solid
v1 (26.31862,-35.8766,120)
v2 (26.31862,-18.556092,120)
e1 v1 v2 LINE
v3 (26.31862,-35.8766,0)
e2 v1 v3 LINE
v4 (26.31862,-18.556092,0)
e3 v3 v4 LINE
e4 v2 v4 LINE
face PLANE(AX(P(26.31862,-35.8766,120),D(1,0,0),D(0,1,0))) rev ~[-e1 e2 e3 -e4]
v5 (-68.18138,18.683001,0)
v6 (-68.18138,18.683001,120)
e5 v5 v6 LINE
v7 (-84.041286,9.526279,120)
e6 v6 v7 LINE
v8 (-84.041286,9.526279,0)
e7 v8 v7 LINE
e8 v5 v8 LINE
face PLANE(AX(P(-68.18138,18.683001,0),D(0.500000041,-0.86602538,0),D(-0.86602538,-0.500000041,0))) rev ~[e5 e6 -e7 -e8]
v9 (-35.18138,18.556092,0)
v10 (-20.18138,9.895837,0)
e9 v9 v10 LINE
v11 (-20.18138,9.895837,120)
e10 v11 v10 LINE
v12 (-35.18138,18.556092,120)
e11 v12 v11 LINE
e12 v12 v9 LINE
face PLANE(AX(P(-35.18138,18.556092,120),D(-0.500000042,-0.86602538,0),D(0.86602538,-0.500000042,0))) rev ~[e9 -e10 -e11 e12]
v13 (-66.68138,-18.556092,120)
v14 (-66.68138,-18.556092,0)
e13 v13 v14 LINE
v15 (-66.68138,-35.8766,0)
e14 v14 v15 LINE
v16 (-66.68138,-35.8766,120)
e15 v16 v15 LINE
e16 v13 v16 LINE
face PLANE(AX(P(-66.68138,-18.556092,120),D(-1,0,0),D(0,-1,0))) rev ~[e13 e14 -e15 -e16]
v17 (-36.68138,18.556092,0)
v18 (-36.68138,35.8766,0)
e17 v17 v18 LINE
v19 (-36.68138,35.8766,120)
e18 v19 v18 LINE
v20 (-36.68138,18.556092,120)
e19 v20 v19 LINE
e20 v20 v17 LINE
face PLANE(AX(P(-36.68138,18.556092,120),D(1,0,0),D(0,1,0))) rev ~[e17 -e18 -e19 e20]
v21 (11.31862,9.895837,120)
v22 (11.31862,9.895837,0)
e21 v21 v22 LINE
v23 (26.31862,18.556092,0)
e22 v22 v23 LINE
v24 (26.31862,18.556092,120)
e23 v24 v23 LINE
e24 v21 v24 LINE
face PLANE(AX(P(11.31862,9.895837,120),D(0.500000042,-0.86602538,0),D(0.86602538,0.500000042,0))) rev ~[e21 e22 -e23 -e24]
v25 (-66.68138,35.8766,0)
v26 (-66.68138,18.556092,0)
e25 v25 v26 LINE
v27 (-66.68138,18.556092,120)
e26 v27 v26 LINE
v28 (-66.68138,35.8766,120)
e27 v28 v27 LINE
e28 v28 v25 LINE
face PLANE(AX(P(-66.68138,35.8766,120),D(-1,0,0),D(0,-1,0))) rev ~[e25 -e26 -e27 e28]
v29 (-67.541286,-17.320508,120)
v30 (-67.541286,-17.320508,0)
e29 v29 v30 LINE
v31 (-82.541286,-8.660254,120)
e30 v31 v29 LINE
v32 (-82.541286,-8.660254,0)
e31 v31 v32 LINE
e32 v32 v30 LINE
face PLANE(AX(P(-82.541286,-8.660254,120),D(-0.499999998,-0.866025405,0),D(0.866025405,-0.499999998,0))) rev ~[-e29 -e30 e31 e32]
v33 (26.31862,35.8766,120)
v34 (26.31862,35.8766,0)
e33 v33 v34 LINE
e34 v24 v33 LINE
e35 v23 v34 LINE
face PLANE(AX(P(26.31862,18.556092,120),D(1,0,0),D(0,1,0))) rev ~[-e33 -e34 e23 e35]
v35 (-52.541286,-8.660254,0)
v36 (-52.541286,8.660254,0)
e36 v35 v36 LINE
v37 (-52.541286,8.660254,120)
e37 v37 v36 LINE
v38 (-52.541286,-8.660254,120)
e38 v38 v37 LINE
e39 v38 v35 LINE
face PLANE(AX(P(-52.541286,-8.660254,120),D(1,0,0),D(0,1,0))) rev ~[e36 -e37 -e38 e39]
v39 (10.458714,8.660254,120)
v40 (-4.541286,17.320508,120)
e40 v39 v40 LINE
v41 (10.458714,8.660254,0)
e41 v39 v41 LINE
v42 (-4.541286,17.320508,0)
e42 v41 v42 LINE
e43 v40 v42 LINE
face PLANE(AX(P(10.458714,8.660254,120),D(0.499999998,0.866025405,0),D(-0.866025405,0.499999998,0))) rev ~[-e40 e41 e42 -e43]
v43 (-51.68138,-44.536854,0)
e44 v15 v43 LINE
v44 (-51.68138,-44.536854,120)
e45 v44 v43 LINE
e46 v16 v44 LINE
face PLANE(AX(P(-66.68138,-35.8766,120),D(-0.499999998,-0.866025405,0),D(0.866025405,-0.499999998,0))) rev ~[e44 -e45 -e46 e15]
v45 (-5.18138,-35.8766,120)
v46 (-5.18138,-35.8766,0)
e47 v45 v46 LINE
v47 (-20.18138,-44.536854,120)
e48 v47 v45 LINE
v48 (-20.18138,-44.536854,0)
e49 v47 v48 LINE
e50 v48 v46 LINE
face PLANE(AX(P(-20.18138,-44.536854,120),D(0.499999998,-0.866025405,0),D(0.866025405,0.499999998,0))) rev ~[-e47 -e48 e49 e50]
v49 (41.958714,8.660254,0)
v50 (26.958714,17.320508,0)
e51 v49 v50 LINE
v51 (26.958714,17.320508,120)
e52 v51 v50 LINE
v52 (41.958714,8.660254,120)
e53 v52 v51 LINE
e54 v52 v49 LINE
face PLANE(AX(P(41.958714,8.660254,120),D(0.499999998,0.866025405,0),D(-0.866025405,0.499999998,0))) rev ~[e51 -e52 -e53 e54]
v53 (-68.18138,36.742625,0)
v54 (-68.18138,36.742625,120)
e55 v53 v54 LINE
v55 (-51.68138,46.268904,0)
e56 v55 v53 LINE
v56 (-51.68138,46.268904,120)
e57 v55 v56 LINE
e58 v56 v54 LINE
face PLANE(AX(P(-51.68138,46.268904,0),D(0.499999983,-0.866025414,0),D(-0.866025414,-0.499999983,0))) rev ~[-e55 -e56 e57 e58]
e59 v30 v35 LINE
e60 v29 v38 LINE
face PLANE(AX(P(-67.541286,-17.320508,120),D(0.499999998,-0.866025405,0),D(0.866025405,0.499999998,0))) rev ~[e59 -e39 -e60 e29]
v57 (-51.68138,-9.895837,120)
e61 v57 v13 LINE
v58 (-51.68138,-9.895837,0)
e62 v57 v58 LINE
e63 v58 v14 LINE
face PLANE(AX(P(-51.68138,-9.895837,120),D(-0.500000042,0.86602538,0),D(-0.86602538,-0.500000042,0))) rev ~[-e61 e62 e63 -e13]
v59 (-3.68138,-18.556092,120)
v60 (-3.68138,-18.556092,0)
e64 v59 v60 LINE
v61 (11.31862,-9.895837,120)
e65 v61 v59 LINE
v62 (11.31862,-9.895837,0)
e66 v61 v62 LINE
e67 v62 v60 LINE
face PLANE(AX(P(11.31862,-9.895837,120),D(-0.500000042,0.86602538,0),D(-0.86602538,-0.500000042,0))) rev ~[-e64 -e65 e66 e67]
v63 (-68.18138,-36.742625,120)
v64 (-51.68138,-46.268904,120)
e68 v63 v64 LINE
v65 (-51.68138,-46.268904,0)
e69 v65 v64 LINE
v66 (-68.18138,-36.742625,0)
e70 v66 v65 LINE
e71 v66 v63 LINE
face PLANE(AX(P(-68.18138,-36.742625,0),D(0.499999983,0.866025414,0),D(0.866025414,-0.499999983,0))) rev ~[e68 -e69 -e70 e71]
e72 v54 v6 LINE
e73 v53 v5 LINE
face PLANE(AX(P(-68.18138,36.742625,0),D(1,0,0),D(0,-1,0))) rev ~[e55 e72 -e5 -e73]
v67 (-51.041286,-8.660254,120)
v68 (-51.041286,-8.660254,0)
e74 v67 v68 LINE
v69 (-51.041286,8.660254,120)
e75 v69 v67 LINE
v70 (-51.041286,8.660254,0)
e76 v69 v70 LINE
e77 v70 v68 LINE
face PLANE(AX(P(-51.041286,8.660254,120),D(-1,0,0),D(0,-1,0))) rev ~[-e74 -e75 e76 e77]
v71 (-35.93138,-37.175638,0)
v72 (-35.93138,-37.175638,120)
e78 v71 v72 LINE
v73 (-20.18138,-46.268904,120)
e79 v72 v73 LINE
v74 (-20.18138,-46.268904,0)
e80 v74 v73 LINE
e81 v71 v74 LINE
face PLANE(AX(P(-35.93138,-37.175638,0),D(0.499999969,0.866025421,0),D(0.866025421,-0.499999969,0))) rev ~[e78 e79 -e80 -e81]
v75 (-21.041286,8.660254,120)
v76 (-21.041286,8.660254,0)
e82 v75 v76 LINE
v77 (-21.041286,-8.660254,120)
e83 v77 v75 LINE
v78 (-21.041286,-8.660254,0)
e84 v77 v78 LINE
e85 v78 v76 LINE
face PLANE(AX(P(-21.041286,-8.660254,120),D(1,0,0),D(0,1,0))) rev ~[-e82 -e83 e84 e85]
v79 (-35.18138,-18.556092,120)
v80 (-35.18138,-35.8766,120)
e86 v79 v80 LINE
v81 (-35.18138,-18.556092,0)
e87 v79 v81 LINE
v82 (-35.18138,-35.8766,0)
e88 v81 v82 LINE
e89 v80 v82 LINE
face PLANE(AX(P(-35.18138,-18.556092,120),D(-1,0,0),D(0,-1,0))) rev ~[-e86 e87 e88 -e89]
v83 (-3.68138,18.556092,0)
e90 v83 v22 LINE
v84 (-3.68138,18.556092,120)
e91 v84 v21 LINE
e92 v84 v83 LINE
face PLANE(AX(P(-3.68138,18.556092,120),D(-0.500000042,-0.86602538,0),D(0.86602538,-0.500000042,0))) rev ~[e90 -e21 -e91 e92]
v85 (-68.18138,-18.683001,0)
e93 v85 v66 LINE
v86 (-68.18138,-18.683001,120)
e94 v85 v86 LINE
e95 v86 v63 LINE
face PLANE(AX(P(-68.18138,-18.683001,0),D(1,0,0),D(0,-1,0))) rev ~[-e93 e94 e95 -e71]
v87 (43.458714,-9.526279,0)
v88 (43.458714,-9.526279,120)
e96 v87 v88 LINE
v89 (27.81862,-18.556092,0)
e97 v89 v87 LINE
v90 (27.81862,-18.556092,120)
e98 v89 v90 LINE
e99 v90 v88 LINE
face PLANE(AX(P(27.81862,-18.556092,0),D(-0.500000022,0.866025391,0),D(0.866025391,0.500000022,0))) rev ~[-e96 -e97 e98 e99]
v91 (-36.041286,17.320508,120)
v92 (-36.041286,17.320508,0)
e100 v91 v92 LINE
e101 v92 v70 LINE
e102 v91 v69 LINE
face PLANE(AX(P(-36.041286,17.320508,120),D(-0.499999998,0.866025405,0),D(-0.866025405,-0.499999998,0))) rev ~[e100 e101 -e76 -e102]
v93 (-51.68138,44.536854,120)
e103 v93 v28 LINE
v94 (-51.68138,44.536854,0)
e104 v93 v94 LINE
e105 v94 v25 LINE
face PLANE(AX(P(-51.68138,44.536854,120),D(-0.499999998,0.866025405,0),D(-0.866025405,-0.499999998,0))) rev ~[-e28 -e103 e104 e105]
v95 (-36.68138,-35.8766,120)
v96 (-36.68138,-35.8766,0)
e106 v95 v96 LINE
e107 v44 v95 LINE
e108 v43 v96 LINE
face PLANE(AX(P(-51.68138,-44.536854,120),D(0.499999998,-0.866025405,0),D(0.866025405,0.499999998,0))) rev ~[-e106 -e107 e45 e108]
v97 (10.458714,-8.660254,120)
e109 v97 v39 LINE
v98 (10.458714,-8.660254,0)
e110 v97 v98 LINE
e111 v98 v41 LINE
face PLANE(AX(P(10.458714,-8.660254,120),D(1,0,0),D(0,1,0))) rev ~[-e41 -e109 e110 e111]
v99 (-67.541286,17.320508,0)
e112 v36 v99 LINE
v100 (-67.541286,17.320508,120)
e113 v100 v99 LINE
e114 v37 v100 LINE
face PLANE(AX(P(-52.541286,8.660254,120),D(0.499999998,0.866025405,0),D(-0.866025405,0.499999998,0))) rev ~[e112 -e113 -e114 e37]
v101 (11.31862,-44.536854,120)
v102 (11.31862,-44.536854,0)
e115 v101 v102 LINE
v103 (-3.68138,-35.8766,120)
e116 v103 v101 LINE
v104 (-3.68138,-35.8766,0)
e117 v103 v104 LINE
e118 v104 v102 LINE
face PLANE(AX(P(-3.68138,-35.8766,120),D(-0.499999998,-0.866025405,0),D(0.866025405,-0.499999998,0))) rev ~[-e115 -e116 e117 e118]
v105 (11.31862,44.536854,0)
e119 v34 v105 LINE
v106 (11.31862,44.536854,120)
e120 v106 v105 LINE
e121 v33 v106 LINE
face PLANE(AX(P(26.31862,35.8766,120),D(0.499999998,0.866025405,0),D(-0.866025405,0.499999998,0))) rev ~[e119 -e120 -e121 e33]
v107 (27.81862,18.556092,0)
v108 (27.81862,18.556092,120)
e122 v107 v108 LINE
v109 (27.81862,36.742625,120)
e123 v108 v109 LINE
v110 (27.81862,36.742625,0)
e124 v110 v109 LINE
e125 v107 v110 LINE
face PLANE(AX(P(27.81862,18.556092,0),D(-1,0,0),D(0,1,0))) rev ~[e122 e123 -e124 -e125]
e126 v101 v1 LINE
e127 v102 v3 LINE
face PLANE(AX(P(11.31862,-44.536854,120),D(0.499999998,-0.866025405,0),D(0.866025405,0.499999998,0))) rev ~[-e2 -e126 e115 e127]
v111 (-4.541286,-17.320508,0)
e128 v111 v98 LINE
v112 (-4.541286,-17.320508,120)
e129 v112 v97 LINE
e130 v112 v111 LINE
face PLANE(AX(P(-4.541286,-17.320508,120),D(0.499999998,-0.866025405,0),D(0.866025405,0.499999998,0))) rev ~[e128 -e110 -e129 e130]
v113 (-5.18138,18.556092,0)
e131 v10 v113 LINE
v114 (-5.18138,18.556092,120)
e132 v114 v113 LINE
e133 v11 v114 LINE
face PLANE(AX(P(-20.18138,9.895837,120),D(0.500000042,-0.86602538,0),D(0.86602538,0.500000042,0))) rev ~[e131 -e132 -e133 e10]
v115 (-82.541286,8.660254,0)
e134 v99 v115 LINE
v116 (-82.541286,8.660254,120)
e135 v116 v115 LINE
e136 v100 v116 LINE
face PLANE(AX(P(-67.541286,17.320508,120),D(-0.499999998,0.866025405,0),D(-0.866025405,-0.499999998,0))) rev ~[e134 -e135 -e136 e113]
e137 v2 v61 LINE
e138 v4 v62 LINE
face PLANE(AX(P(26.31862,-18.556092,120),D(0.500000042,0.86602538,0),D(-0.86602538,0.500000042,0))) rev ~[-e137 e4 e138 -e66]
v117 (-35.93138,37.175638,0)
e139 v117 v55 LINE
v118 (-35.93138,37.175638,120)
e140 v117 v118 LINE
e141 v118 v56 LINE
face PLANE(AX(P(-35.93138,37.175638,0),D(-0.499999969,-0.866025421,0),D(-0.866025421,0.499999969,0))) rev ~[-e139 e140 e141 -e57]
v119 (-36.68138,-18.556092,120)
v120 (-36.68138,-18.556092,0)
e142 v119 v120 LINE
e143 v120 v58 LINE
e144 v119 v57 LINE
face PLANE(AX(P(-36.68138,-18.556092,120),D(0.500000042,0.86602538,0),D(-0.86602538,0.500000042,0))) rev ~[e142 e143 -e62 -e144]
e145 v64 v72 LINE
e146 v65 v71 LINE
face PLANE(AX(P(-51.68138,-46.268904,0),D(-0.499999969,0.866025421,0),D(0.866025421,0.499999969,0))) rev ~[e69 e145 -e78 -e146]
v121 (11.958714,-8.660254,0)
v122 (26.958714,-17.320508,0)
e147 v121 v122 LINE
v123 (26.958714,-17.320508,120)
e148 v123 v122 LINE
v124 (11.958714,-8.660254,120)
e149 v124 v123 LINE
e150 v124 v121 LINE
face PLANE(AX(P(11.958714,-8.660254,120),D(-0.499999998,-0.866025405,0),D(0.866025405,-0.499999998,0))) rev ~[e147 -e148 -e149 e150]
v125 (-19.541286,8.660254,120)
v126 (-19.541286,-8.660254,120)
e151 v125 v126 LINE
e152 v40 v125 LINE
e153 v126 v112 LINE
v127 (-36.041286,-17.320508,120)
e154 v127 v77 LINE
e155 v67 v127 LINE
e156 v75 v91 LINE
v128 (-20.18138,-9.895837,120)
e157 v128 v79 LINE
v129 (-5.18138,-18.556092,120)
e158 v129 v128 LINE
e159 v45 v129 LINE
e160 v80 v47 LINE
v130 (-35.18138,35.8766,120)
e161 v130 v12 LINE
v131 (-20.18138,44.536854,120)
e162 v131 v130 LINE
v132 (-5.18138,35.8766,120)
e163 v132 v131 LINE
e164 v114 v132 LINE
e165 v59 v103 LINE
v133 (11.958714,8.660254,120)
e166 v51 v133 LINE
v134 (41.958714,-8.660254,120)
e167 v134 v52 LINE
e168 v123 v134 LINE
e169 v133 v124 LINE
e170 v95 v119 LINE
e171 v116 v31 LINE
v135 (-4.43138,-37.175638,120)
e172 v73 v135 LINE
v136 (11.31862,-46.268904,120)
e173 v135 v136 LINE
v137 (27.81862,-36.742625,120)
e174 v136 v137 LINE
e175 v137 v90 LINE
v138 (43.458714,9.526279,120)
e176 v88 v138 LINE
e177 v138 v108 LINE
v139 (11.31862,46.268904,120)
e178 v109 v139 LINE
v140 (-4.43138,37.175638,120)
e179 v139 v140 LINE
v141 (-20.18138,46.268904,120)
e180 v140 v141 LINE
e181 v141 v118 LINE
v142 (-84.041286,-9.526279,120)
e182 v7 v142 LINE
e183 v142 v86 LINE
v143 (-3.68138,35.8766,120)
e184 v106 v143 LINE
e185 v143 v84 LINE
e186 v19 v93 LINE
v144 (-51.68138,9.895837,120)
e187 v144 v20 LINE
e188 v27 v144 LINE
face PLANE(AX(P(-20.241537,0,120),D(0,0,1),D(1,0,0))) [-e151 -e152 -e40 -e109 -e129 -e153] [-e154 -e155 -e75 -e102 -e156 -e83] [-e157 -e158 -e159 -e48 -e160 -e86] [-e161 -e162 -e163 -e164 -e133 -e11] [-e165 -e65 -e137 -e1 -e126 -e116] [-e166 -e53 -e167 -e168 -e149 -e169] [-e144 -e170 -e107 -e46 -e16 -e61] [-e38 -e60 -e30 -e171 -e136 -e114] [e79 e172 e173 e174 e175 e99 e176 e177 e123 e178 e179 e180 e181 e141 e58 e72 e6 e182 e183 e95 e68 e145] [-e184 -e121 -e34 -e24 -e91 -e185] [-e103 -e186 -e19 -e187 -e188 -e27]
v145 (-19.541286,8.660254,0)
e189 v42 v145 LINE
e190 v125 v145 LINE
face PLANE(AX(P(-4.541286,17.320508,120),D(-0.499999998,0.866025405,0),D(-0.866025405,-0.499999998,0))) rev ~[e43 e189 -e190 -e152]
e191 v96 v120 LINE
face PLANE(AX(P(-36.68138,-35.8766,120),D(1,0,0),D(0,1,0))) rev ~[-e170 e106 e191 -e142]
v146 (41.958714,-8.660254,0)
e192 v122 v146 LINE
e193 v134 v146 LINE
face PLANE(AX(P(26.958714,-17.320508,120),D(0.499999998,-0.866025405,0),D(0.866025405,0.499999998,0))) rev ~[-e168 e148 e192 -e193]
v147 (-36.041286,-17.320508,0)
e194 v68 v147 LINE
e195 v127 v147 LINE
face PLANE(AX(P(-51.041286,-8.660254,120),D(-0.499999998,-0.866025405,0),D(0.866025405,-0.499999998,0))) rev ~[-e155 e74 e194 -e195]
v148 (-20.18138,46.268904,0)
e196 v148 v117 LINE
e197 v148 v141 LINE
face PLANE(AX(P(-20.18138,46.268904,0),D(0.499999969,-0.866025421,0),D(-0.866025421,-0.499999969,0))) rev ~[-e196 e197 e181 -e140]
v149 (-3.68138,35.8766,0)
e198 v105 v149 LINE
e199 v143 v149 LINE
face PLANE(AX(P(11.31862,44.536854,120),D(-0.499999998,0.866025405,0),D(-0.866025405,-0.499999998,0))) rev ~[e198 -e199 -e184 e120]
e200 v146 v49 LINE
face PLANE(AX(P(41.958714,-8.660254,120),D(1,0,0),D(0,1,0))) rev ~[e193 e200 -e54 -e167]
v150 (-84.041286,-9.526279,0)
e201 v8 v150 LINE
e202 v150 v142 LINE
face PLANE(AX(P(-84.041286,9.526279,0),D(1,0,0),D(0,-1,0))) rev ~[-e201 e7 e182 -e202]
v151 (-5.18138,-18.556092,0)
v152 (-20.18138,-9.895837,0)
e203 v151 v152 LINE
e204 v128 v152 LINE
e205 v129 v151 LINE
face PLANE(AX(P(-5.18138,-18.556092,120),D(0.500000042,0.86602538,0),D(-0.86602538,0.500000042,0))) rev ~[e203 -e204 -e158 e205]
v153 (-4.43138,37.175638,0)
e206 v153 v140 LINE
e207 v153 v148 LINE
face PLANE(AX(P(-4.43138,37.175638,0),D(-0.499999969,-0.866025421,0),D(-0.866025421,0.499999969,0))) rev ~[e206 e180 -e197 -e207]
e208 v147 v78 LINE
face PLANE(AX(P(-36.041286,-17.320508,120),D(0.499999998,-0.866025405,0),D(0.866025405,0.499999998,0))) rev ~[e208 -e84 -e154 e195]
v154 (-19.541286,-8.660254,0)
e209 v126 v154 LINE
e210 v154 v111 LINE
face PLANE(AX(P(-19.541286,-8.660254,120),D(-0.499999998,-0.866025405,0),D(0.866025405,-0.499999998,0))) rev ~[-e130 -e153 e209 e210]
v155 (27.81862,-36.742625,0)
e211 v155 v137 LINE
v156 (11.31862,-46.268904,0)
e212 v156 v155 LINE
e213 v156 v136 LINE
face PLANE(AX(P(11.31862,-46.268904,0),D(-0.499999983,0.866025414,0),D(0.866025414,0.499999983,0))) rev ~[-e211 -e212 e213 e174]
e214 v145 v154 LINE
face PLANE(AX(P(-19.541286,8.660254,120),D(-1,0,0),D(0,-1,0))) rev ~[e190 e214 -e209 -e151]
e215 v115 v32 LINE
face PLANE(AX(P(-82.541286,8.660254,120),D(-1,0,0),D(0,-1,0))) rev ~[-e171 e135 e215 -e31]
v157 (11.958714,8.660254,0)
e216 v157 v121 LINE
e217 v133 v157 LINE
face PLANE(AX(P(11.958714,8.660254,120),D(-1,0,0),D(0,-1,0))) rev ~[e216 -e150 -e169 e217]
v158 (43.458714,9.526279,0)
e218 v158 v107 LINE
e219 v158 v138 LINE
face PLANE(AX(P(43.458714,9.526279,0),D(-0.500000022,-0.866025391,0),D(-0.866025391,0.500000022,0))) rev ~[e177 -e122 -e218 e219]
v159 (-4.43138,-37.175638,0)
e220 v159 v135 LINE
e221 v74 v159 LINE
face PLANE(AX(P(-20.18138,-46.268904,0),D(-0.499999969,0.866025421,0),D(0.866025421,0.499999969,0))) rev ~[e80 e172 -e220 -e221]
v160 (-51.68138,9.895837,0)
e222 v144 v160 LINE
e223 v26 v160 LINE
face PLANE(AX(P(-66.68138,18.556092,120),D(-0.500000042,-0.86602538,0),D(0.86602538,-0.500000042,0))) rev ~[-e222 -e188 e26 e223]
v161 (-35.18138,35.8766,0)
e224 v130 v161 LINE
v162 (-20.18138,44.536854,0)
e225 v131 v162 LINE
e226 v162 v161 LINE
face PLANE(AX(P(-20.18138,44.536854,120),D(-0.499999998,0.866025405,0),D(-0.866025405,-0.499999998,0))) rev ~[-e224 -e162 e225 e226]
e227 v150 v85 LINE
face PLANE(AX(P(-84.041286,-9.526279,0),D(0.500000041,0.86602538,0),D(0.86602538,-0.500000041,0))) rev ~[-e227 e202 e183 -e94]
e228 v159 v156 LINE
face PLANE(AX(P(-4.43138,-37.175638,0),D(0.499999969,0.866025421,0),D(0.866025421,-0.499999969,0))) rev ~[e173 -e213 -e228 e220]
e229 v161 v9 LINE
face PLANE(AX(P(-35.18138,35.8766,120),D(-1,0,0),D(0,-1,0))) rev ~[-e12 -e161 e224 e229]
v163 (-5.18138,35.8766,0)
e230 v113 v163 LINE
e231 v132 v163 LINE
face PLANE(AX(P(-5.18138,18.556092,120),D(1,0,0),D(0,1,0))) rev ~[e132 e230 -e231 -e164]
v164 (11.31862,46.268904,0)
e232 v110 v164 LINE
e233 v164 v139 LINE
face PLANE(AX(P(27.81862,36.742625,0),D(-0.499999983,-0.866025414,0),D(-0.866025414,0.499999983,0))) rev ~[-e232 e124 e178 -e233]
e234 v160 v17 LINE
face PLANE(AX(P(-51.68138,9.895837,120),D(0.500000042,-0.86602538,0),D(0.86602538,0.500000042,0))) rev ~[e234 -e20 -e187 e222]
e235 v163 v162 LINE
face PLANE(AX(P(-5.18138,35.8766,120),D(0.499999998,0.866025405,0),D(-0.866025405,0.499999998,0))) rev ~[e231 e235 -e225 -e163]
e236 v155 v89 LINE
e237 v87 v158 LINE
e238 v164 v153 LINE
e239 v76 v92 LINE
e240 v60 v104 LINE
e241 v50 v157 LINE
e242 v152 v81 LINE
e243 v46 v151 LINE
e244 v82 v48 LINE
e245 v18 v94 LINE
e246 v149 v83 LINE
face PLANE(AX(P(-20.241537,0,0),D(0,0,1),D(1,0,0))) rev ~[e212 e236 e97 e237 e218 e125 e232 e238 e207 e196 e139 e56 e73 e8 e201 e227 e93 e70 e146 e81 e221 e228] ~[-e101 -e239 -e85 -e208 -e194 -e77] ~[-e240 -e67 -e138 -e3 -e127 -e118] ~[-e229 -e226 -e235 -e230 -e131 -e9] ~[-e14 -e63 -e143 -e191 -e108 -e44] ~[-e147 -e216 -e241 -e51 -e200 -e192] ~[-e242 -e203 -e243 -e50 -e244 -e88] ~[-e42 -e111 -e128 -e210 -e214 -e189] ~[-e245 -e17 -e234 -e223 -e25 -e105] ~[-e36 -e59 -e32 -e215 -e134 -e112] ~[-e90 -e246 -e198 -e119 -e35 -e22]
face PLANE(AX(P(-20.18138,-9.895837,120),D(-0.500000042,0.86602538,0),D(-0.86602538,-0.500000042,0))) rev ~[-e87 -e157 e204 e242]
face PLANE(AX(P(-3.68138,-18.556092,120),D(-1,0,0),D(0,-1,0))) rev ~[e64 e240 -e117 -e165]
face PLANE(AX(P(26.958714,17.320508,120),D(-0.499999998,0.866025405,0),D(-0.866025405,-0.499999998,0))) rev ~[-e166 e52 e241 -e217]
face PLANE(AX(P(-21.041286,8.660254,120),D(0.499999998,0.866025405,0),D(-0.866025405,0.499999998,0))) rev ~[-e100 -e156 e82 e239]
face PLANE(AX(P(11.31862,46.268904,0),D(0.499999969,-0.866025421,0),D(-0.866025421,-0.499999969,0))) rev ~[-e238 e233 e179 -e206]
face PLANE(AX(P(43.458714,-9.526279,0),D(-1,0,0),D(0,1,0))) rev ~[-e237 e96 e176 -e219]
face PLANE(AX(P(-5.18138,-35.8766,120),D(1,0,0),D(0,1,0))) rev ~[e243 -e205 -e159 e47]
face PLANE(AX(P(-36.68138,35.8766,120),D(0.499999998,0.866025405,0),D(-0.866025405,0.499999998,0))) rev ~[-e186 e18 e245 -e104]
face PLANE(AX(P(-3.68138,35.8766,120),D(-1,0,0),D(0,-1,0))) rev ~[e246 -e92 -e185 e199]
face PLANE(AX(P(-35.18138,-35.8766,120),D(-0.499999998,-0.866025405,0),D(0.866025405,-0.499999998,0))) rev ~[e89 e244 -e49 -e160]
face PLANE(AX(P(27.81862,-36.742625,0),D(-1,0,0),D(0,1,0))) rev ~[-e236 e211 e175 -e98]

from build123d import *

# Parameters (mm, degrees)
F1_DEPTH = 120
F3_DEPTH = 120.001


with BuildPart() as f1:
    # F0 (on Top) → F1 (new body)
    with BuildSketch(Plane.XY):
        Polygon((-35.93138, 37.175638), (-51.68138, 46.268904), (-68.18138, 36.742625), (-68.18138, 18.683001), (-84.041286, 9.526279), (-84.041286, -9.526279), (-68.18138, -18.683001), (-68.18138, -36.742625), (-51.68138, -46.268904), (-35.93138, -37.175638), (-20.18138, -46.268904), (-4.43138, -37.175638), (11.31862, -46.268904), (27.81862, -36.742625), (27.81862, -18.556092), (43.458714, -9.526279), (43.458714, 9.526279), (27.81862, 18.556092), (27.81862, 36.742625), (11.31862, 46.268904), (-4.43138, 37.175638), (-20.18138, 46.268904), align=None)
    extrude(amount=F1_DEPTH)

    # F2 (on face) → F3 (cut, through all)
    with BuildSketch(Plane.XY.offset(120)):
        Polygon((-51.68138, 44.536854), (-66.68138, 35.8766), (-66.68138, 18.556092), (-51.68138, 9.895837), (-36.68138, 18.556092), (-36.68138, 35.8766), align=None)
        Polygon((-67.541286, -17.320508), (-52.541286, -8.660254), (-52.541286, 8.660254), (-67.541286, 17.320508), (-82.541286, 8.660254), (-82.541286, -8.660254), align=None)
        Polygon((-51.68138, -44.536854), (-36.68138, -35.8766), (-36.68138, -18.556092), (-51.68138, -9.895837), (-66.68138, -18.556092), (-66.68138, -35.8766), align=None)
        Polygon((-20.18138, 9.895837), (-5.18138, 18.556092), (-5.18138, 35.8766), (-20.18138, 44.536854), (-35.18138, 35.8766), (-35.18138, 18.556092), align=None)
        Polygon((-5.18138, -18.556092), (-20.18138, -9.895837), (-35.18138, -18.556092), (-35.18138, -35.8766), (-20.18138, -44.536854), (-5.18138, -35.8766), align=None)
        Polygon((11.31862, 9.895837), (26.31862, 18.556092), (26.31862, 35.8766), (11.31862, 44.536854), (-3.68138, 35.8766), (-3.68138, 18.556092), align=None)
        Polygon((26.31862, -18.556092), (11.31862, -9.895837), (-3.68138, -18.556092), (-3.68138, -35.8766), (11.31862, -44.536854), (26.31862, -35.8766), align=None)
        Polygon((-21.041286, -8.660254), (-21.041286, 8.660254), (-36.041286, 17.320508), (-51.041286, 8.660254), (-51.041286, -8.660254), (-36.041286, -17.320508), align=None)
        Polygon((10.458714, -8.660254), (10.458714, 8.660254), (-4.541286, 17.320508), (-19.541286, 8.660254), (-19.541286, -8.660254), (-4.541286, -17.320508), align=None)
        Polygon((41.958714, -8.660254), (41.958714, 8.660254), (26.958714, 17.320508), (11.958714, 8.660254), (11.958714, -8.660254), (26.958714, -17.320508), align=None)
    extrude(amount=-F3_DEPTH, mode=Mode.SUBTRACT)


solid = f1.part
